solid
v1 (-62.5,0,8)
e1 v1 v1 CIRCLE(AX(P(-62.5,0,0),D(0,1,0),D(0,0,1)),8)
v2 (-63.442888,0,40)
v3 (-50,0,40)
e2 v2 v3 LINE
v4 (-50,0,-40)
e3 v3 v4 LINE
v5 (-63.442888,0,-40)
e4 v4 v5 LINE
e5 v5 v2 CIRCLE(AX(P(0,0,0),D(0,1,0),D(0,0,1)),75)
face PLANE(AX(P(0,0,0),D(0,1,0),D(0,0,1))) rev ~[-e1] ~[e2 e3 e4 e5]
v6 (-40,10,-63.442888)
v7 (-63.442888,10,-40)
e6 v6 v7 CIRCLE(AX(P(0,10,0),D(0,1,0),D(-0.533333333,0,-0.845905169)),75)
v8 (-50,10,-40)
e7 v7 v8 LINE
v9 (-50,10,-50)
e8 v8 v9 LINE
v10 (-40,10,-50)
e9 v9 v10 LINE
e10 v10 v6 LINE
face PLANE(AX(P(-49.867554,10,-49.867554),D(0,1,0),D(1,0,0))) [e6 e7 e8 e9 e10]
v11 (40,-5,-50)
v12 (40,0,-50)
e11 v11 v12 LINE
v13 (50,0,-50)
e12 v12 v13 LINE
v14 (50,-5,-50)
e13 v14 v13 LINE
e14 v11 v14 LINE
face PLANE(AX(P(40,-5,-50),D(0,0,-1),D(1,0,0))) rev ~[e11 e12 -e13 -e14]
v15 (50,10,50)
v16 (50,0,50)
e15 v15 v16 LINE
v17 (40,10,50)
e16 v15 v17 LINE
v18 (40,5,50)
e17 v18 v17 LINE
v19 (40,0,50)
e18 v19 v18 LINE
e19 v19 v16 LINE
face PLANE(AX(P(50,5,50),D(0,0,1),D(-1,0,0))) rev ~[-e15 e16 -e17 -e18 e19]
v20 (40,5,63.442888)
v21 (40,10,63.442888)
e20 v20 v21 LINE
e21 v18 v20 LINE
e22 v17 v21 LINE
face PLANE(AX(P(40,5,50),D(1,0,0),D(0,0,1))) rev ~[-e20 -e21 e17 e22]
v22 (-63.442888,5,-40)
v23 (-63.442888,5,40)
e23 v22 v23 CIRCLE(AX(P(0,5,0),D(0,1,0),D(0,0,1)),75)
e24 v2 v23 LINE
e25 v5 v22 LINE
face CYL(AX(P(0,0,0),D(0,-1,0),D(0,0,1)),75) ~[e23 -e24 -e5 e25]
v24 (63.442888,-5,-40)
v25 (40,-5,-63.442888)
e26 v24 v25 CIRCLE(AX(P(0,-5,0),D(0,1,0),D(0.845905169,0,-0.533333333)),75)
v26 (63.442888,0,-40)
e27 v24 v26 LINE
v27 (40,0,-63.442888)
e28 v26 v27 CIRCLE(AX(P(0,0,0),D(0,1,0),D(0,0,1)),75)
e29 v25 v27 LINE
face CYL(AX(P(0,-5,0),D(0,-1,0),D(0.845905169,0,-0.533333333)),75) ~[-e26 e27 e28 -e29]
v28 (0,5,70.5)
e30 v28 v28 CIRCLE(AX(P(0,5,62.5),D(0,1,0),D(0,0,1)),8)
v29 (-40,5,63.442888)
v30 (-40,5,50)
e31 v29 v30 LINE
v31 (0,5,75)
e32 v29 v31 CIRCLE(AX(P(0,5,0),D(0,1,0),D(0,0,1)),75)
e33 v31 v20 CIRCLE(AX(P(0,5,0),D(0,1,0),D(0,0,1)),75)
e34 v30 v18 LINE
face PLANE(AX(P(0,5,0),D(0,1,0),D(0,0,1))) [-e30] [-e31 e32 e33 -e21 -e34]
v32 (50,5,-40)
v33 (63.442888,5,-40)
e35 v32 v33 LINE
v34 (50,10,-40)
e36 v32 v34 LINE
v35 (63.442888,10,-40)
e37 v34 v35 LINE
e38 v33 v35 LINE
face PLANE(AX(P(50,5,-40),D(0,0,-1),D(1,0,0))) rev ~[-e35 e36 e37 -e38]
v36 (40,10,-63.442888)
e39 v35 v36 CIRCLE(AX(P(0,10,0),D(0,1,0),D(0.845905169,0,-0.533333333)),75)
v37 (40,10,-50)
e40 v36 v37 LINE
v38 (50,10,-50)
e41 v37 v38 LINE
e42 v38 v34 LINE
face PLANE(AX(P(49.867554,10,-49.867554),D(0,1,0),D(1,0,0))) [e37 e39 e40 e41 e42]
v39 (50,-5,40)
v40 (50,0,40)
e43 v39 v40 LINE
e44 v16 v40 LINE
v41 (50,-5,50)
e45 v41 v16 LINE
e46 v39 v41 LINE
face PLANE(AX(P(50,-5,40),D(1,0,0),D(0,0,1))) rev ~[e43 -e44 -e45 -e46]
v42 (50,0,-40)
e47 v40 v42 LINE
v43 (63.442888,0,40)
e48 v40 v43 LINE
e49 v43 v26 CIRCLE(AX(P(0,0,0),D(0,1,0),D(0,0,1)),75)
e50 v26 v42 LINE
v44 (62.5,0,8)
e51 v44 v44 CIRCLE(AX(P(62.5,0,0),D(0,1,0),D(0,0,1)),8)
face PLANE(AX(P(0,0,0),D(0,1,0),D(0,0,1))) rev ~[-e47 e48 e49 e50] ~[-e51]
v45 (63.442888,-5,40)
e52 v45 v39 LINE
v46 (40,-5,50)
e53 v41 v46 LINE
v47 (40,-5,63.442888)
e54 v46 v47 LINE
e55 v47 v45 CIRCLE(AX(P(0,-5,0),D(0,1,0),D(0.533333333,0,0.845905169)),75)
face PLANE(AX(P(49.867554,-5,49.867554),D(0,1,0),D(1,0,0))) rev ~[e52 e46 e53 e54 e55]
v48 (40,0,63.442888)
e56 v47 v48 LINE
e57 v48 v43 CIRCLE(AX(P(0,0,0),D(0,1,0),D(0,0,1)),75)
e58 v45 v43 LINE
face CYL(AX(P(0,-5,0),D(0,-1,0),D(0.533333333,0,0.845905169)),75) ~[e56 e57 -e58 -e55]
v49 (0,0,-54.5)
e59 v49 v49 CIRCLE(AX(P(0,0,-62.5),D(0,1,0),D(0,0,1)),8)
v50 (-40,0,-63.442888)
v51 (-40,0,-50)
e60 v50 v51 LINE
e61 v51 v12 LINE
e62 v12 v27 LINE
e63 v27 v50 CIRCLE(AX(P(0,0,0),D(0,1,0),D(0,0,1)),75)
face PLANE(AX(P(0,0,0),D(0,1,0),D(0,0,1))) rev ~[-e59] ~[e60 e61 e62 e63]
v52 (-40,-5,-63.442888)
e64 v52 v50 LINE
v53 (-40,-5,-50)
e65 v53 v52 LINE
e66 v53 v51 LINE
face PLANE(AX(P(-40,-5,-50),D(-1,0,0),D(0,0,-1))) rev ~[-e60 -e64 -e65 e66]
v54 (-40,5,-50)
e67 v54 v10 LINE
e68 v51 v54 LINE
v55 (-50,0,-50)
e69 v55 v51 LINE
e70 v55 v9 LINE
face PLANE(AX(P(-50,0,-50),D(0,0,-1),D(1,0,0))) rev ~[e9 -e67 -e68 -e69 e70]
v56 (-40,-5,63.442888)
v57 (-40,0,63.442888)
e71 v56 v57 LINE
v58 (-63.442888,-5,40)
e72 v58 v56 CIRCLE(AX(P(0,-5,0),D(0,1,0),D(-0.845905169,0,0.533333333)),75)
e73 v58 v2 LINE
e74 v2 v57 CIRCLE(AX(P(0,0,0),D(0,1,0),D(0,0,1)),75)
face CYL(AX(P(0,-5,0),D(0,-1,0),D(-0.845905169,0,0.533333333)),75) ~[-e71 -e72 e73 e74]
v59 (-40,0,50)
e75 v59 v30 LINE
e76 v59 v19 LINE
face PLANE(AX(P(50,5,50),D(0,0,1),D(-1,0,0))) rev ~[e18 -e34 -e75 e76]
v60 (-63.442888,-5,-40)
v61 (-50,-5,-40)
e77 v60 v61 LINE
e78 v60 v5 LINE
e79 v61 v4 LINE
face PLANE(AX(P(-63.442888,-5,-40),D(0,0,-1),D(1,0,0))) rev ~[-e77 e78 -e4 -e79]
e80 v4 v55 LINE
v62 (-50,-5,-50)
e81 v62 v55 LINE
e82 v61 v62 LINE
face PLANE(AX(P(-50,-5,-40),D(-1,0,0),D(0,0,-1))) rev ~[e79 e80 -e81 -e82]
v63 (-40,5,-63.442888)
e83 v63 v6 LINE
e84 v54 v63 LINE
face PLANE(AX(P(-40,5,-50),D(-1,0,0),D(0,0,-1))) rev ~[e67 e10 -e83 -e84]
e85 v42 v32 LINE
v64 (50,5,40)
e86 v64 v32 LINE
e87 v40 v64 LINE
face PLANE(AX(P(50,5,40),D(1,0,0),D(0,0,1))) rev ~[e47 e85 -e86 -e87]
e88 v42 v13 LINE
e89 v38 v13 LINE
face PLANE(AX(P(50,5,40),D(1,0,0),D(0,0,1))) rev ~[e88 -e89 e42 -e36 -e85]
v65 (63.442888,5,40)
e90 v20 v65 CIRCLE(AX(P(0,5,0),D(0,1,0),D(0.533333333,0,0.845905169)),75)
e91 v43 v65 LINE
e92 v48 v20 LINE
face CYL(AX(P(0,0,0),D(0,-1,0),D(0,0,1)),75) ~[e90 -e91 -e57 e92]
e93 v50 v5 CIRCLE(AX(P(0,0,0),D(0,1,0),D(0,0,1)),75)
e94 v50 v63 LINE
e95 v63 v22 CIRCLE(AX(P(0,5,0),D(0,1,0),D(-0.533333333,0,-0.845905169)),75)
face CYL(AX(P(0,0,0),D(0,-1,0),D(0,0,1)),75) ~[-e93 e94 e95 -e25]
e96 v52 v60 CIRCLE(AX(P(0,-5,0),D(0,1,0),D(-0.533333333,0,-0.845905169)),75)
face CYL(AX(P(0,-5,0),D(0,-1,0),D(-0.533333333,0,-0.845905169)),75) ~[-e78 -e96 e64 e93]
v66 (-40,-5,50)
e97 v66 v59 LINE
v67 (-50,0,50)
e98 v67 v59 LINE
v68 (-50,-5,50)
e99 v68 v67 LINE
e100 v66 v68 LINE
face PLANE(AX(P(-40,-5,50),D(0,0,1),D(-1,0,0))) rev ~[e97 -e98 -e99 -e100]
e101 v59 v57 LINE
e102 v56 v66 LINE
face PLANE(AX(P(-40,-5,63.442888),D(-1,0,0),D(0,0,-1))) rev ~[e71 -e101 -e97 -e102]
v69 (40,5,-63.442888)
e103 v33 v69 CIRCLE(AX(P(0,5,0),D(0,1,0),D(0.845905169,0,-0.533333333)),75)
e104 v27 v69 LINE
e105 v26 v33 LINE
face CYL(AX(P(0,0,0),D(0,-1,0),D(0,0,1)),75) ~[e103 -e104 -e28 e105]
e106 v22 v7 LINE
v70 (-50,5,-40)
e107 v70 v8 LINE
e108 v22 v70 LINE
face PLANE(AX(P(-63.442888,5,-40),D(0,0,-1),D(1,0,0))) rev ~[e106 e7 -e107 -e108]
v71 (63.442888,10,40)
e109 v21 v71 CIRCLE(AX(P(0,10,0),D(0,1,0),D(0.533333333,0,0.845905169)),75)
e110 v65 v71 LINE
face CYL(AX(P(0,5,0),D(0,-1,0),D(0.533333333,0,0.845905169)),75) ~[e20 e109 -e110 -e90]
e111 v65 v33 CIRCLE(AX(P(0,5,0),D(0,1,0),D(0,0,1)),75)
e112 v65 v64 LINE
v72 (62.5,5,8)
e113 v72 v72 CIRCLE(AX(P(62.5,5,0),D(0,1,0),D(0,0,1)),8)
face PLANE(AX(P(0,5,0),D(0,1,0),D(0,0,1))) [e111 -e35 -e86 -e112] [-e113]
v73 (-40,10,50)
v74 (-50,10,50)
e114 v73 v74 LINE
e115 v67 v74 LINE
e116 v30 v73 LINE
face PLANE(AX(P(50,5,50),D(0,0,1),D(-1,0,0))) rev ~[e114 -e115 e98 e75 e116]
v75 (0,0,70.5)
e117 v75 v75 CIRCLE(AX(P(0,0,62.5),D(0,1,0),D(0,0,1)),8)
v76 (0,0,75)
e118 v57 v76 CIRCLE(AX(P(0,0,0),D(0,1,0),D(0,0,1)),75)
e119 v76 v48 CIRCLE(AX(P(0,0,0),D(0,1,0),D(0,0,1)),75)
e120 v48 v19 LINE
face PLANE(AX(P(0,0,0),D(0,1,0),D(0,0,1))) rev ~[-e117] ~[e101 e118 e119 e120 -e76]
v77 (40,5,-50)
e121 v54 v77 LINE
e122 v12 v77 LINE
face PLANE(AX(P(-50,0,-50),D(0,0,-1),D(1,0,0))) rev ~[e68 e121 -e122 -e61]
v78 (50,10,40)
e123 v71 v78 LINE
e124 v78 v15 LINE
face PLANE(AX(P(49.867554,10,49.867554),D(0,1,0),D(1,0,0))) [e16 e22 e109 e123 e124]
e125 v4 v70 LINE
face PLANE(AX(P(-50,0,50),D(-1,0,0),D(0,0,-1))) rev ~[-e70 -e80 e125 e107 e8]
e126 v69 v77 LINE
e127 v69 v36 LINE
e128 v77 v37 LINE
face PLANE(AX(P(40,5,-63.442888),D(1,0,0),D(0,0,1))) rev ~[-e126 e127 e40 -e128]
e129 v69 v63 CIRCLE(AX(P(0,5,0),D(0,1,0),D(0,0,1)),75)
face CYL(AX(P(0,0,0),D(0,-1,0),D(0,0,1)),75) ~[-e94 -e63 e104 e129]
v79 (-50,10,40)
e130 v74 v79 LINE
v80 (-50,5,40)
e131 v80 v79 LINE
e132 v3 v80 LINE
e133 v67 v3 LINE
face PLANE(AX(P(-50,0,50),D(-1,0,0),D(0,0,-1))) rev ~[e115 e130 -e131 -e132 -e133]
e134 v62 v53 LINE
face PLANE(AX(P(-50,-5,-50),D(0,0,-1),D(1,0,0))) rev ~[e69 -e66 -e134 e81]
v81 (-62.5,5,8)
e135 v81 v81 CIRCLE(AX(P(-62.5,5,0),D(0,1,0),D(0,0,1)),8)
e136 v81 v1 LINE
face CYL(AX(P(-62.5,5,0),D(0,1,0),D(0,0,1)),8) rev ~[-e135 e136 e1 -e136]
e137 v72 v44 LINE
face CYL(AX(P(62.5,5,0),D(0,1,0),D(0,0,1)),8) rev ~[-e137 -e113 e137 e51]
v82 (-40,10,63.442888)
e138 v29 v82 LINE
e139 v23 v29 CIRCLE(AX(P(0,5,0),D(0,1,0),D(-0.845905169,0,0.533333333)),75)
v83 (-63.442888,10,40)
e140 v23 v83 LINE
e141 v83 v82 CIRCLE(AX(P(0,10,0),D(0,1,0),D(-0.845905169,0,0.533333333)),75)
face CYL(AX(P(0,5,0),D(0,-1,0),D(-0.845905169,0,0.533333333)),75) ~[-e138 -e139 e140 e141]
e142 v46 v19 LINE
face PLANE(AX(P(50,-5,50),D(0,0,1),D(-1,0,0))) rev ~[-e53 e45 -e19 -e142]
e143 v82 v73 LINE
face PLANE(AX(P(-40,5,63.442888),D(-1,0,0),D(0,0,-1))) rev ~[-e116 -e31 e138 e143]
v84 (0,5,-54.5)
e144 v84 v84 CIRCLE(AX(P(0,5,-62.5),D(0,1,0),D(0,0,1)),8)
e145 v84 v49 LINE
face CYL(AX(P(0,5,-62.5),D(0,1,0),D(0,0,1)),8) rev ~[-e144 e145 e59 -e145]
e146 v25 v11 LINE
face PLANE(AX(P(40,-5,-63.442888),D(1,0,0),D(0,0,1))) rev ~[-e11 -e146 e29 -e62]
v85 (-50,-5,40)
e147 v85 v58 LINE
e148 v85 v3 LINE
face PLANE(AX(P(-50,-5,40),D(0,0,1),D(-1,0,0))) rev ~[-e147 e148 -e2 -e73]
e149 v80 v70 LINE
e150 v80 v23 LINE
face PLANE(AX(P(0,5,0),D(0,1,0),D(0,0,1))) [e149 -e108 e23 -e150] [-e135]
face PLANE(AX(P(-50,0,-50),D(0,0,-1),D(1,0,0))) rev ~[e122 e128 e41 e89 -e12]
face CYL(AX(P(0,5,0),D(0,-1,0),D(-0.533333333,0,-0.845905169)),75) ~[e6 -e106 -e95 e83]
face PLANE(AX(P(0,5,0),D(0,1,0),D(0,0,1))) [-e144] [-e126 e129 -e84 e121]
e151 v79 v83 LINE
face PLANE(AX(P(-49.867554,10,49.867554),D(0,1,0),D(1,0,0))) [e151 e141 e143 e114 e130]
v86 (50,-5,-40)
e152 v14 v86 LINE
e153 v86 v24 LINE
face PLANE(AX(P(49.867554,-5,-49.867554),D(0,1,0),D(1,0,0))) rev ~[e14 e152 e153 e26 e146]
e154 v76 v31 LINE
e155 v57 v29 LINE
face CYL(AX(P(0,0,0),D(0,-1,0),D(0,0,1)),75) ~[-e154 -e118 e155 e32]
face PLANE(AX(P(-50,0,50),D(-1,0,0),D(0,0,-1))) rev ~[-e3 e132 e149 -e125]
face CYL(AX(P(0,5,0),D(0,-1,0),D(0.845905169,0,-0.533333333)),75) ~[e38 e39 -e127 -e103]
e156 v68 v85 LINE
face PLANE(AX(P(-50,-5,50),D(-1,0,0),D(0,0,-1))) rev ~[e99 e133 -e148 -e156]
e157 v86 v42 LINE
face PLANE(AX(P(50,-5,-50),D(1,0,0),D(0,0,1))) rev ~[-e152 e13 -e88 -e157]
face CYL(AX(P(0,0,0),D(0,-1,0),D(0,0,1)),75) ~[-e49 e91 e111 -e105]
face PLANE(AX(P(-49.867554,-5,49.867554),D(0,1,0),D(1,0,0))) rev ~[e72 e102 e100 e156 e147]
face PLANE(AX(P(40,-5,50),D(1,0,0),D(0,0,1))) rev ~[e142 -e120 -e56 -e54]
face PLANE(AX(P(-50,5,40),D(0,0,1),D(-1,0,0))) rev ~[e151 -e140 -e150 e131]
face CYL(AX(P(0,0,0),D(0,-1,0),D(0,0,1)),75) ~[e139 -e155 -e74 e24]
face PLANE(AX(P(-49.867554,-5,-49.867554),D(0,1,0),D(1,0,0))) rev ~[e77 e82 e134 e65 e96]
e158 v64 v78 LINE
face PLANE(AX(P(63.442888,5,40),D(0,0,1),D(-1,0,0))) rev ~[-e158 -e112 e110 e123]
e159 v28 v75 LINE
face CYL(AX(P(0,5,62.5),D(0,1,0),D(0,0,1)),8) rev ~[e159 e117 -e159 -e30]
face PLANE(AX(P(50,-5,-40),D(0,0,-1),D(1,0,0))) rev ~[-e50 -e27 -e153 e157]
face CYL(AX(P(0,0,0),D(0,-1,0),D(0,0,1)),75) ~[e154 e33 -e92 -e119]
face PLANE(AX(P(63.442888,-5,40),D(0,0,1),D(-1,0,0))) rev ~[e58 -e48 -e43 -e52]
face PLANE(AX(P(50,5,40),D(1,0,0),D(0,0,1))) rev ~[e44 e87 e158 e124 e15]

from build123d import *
from build123d.topology import SkipClean

# Parameters (mm, degrees)
SKETCH1_R           = 75
SKETCH1_W           = 100
SKETCH1_H           = 100
BOSS_EXTRUDE1_DEPTH = 5
SKETCH2_R           = 8
CUT_EXTRUDE1_DEPTH  = 10
BOSS_EXTRUDE2_DEPTH = 5
BOSS_EXTRUDE4_START = -15
BOSS_EXTRUDE4_DEPTH = 15


with BuildPart() as part:
    # Sketch1 → Boss-Extrude1 (new body)
    with BuildSketch(Plane(origin=(0, 0, 0), x_dir=(1, 0, 0), z_dir=(0, 1, 0))):
        with Locations(Location((0, 0, 0), (0, 0, 270))):
            Circle(SKETCH1_R)
        Rectangle(SKETCH1_W, SKETCH1_H, mode=Mode.SUBTRACT)
    extrude(amount=BOSS_EXTRUDE1_DEPTH)

    # Sketch2 → Cut-Extrude1 (cut)
    with BuildSketch(Plane(origin=(0, 5, 0), x_dir=(1, 0, 0), z_dir=(0, 1, 0))):
        with Locations(Location((-62.5, 0, 0), (0, 0, 270))):
            Circle(SKETCH2_R)
        with Locations(Location((0, 62.5, 0), (0, 0, 270))):
            Circle(SKETCH2_R)
        with Locations(Location((62.5, 0, 0), (0, 0, 270))):
            Circle(SKETCH2_R)
        with Locations(Location((0, -62.5, 0), (0, 0, 270))):
            Circle(SKETCH2_R)
    extrude(amount=-CUT_EXTRUDE1_DEPTH, mode=Mode.SUBTRACT)

    # Sketch3 → Boss-Extrude2 (add)
    with BuildSketch(Plane(origin=(0, 5, 0), x_dir=(1, 0, 0), z_dir=(0, 1, 0))):
        with BuildLine():
            Line((50, -50), (40, -50))
            Line((40, -50), (40, -63.442887702))
            ThreePointArc((40, -63.442887702), (53.033008589, -53.033008589), (63.442887702, -40))
            Line((63.442887702, -40), (50, -40))
            Line((50, -40), (50, -50))
        make_face()
        with BuildLine():
            Line((-40, -50), (-50, -50))
            Line((-50, -50), (-50, -40))
            Line((-50, -40), (-63.442887702, -40))
            ThreePointArc((-63.442887702, -40), (-53.033008589, -53.033008589), (-40, -63.442887702))
            Line((-40, -63.442887702), (-40, -50))
        make_face()
        with BuildLine():
            Line((-63.442887702, 40), (-50, 40))
            Line((-50, 40), (-50, 50))
            Line((-50, 50), (-40, 50))
            Line((-40, 50), (-40, 63.442887702))
            ThreePointArc((-40, 63.442887702), (-53.033008589, 53.033008589), (-63.442887702, 40))
        make_face()
        with BuildLine():
            Line((50, 50), (50, 40))
            Line((50, 40), (63.442887702, 40))
            ThreePointArc((63.442887702, 40), (53.033008589, 53.033008589), (40, 63.442887702))
            Line((40, 63.442887702), (40, 50))
            Line((40, 50), (50, 50))
        make_face()
    extrude(amount=BOSS_EXTRUDE2_DEPTH)

    # Sketch4 → Boss-Extrude4 (add)
    with SkipClean():  # the faces are left unmerged after this step: merging them gives an invalid solid
        with BuildSketch(Plane(origin=(0, 10, 0), x_dir=(1, 0, 0), z_dir=(0, 1, 0)).offset(BOSS_EXTRUDE4_START)):
            with BuildLine():
                Line((50, 50), (50, 40))
                Line((50, 40), (63.442887702, 40))
                ThreePointArc((63.442887702, 40), (53.033008589, 53.033008589), (40, 63.442887702))
                Line((40, 63.442887702), (40, 50))
                Line((40, 50), (50, 50))
            make_face()
            with BuildLine():
                Line((-50, 50), (-40, 50))
                Line((-40, 50), (-40, 63.442887702))
                ThreePointArc((-40, 63.442887702), (-53.033008589, 53.033008589), (-63.442887702, 40))
                Line((-63.442887702, 40), (-50, 40))
                Line((-50, 40), (-50, 50))
            make_face()
            with BuildLine():
                Line((-40, -63.442887702), (-40, -50))
                Line((-40, -50), (-50, -50))
                Line((-50, -50), (-50, -40))
                Line((-50, -40), (-63.442887702, -40))
                ThreePointArc((-63.442887702, -40), (-53.033008589, -53.033008589), (-40, -63.442887702))
            make_face()
            with BuildLine():
                Line((50, -50), (40, -50))
                Line((40, -50), (40, -63.442887702))
                ThreePointArc((40, -63.442887702), (53.033008589, -53.033008589), (63.442887702, -40))
                Line((63.442887702, -40), (50, -40))
                Line((50, -40), (50, -50))
            make_face()
        extrude(amount=BOSS_EXTRUDE4_DEPTH)


solid = part.part
